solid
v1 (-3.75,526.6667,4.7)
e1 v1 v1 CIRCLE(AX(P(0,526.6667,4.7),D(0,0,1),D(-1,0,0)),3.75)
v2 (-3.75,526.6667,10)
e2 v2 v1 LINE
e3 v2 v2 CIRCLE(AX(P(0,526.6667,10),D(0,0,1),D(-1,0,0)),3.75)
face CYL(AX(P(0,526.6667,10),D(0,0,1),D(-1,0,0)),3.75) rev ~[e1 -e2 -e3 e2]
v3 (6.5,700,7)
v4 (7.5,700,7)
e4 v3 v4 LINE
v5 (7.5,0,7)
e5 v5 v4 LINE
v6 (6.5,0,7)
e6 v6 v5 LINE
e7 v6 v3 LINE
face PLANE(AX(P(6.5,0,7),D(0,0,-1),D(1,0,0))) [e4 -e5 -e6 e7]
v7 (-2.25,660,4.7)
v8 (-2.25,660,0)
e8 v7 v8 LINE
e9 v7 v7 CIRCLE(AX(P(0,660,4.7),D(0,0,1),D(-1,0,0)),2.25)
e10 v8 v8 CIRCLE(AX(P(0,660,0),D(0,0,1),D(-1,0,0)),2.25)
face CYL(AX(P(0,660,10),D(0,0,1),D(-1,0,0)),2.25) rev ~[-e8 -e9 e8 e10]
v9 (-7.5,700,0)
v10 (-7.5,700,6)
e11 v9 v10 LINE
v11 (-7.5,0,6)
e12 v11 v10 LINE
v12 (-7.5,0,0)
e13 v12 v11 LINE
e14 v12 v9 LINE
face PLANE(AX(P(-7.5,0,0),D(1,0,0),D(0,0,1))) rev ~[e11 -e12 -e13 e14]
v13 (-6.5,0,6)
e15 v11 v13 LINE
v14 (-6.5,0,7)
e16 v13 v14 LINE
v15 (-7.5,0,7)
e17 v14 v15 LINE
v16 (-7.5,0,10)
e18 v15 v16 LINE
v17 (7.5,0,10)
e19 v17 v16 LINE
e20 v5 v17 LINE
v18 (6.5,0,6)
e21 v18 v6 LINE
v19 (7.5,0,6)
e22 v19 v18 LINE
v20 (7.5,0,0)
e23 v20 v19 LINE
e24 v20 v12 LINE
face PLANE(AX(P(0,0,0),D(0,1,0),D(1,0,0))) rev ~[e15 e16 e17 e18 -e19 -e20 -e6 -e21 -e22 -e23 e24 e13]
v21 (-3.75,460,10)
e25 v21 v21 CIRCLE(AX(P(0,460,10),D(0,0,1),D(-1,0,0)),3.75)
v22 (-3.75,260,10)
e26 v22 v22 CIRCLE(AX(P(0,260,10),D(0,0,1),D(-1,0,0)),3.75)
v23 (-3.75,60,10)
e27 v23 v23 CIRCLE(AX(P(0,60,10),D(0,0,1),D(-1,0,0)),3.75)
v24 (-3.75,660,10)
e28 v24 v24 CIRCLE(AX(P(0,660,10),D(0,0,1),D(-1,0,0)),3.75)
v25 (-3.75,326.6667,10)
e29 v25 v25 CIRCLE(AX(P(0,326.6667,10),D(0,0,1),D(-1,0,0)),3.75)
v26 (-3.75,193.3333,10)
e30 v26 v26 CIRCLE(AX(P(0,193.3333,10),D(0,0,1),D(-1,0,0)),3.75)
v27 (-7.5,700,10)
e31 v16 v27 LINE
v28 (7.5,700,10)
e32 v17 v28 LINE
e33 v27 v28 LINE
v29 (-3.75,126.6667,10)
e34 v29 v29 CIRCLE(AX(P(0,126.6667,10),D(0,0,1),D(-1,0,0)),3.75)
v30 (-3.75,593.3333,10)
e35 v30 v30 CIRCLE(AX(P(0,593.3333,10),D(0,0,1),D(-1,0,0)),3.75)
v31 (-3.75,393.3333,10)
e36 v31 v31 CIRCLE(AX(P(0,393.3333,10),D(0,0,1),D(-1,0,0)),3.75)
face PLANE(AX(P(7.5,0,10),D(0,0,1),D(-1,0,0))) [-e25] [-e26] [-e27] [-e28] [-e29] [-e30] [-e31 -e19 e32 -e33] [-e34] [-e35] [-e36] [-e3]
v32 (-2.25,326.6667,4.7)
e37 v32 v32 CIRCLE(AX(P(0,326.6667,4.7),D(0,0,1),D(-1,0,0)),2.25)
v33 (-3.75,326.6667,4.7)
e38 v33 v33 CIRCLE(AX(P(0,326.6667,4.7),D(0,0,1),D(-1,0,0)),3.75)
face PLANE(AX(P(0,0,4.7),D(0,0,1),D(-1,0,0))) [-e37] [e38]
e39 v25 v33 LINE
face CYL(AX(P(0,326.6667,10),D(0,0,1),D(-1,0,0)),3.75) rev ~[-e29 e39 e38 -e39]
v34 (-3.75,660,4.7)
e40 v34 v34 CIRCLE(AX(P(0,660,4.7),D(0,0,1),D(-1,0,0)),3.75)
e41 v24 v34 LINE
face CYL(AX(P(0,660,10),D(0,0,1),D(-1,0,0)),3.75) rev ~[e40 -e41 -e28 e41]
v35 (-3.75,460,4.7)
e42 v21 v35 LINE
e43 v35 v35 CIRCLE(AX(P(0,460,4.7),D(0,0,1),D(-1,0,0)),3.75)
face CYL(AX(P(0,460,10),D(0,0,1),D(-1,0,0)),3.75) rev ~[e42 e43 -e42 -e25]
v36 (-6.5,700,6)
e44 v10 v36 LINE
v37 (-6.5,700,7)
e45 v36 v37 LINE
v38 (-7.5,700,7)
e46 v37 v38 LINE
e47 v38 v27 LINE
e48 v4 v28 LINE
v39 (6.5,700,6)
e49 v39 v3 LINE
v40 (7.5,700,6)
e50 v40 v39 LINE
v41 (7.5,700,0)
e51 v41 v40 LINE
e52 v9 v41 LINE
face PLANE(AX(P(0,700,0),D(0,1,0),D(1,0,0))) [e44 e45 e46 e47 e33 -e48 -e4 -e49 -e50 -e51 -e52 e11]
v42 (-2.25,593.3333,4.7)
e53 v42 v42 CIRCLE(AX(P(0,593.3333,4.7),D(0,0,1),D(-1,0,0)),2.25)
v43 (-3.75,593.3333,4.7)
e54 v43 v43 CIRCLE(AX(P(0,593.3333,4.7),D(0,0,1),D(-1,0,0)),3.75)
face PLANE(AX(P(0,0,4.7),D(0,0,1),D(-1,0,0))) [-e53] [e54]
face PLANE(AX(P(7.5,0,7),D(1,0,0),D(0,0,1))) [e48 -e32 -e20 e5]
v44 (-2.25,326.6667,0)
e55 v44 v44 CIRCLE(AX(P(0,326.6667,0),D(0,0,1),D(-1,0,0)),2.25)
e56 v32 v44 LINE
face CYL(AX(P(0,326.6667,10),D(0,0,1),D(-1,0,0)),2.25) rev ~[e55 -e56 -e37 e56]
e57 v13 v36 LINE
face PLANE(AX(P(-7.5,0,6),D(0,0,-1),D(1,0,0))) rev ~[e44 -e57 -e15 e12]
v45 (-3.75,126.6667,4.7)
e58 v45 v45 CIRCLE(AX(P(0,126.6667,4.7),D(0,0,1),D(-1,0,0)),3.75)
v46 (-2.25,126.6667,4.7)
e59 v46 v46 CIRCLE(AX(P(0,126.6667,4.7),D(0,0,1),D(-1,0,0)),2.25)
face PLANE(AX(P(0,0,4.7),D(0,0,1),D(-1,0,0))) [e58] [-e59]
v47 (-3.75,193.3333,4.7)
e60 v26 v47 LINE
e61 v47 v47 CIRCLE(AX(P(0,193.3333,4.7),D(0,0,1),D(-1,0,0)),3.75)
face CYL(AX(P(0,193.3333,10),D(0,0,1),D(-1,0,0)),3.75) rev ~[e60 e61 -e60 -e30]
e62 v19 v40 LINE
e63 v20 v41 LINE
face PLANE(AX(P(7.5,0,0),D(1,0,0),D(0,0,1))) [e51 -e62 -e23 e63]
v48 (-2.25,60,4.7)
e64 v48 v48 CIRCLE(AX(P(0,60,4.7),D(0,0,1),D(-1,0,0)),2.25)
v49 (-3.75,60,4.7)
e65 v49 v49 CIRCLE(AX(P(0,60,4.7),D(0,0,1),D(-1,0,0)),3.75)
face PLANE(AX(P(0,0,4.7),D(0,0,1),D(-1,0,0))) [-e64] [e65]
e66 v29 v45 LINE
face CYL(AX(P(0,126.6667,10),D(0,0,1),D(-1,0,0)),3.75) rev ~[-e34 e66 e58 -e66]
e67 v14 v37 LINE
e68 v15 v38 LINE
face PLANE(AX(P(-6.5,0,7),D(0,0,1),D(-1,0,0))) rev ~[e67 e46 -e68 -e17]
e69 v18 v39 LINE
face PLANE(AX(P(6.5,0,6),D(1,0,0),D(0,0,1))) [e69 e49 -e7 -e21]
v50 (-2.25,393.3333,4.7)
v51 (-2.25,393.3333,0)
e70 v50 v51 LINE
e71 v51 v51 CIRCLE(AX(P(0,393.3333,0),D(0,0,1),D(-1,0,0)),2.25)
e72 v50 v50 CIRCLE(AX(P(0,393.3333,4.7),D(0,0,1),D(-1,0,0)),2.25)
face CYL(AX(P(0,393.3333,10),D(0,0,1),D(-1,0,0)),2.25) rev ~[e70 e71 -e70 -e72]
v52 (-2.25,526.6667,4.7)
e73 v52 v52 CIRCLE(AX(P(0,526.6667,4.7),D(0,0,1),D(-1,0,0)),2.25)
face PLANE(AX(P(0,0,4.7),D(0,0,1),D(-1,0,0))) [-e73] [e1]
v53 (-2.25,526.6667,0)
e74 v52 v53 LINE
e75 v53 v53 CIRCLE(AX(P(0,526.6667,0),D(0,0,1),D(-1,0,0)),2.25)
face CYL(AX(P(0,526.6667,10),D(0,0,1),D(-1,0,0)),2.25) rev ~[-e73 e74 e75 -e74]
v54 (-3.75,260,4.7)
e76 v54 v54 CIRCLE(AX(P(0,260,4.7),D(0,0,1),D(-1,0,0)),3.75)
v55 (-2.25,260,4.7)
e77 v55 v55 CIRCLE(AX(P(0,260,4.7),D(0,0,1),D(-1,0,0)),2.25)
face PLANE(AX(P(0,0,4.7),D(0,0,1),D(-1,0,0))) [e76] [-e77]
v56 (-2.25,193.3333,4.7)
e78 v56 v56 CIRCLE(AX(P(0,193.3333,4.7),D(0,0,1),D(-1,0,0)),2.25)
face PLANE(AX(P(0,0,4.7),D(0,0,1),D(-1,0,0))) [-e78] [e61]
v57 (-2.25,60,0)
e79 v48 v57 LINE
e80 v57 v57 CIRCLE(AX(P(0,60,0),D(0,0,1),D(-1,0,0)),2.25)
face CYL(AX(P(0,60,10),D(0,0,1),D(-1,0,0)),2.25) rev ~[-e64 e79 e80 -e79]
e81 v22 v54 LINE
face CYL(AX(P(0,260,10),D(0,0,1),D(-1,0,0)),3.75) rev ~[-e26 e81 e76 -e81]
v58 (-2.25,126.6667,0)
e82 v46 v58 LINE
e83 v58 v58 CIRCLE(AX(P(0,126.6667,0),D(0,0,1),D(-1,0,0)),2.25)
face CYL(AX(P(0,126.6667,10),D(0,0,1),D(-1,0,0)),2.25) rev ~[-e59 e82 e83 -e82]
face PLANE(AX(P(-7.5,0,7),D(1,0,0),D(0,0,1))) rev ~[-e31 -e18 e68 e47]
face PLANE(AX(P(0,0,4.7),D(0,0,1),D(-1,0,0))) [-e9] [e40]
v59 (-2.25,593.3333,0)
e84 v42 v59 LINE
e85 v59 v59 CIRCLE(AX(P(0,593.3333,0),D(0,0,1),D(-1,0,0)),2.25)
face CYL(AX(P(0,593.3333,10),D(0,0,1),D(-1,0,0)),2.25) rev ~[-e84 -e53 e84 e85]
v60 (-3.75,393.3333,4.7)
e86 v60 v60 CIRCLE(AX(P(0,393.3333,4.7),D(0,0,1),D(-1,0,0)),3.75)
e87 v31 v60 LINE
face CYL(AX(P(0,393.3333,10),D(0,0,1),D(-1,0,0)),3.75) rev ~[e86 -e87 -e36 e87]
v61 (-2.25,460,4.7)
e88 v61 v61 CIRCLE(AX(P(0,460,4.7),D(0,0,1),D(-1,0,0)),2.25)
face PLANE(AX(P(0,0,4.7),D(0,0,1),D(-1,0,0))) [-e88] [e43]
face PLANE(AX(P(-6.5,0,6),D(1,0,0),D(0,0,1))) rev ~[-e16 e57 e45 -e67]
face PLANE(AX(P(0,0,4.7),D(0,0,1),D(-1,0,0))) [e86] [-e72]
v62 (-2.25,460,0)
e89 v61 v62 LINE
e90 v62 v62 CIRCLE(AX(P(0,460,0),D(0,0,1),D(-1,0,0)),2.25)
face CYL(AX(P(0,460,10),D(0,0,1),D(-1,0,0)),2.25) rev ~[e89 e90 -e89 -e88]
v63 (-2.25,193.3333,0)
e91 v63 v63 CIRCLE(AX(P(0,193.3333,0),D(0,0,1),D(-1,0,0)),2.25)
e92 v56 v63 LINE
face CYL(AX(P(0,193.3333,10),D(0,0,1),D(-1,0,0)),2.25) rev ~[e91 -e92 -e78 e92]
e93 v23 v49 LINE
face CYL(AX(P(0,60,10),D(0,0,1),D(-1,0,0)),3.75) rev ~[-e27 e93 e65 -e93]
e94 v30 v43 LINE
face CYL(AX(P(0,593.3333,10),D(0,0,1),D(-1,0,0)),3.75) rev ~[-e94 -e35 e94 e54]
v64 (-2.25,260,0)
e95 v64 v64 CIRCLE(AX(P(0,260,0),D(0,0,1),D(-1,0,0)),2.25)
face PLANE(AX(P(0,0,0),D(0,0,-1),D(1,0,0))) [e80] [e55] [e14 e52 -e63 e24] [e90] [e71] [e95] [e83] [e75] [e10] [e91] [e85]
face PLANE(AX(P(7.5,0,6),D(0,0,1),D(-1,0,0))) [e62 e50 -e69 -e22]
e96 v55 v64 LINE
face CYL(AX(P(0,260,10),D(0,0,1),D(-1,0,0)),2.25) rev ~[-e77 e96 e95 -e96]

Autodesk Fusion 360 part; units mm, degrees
sketch "Sketch1" plane through (0, 0, 0) normal (0, 1, 0) x (1, 0, 0)
  line L0 (0, 0) -> (7.5, 0)
  line L1 (7.5, 0) -> (7.5, -6)
  line L2 (7.5, -6) -> (6.5, -6)
  line L3 (6.5, -6) -> (6.5, -7)
  line L4 (6.5, -7) -> (7.5, -7)
  line L5 (7.5, -7) -> (7.5, -10)
  line L6 (7.5, -10) -> (0, -10)
  line L7 (-7.5, -7) -> (-7.5, -10)
  line L8 (0, 0) -> (-7.5, 0)
  line L9 (-7.5, -6) -> (-6.5, -6)
  line L10 (-7.5, -10) -> (0, -10)
  line L11 (-7.5, 0) -> (-7.5, -6)
  line L12 (-6.5, -6) -> (-6.5, -7)
  line L13 (-6.5, -7) -> (-7.5, -7)
  dimension "d1" = 7.5
  dimension "d2" = 1
  dimension "d3" = 1
  dimension "d4" = 1
  dimension "d5" = 6
  dimension "d6" = 3
  dimension "d7" = 7.5
extrude "Extrude1" add sketch "Sketch1" along normal blind 700
sketch "Sketch2" plane through (0, 0, 10) normal (0, 0, 1) x (-1, 0, 0)
  line L0 (7.5, 0) -> (-7.5, 0)
  line L1 (-7.5, 0) -> (-7.5, -700)
  line L2 (-7.5, -700) -> (7.5, -700)
  line L3 (7.5, -700) -> (7.5, 0)
  circle A0 centre (0, -60) radius 2.25
  circle A1 centre (0, -126.6667) radius 2.25
  circle A2 centre (0, -193.3333) radius 2.25
  circle A3 centre (0, -260) radius 2.25
  circle A4 centre (0, -326.6667) radius 2.25
  circle A5 centre (0, -393.3333) radius 2.25
  circle A6 centre (0, -460) radius 2.25
  circle A7 centre (0, -526.6667) radius 2.25
  circle A8 centre (0, -593.3333) radius 2.25
  circle A9 centre (0, -660) radius 2.25
  dimension "d10" = 60
  dimension "d12" = 4.5
extrude "Extrude2" cut sketch "Sketch2" against normal up to surface (10 mm away) contours A0 | A1 | A2 | A3 | A4 | A5 | A6 | A7 | A8 | A9
sketch "Sketch3" plane through (0, 0, 10) normal (0, 0, 1) x (-1, 0, 0)
  circle A0 centre (0, -526.6667) radius 2.25
  circle A1 centre (0, -260) radius 2.25
  circle A2 centre (0, -60) radius 2.25
  circle A3 centre (0, -326.6667) radius 2.25
  circle A4 centre (0, -593.3333) radius 2.25
  circle A5 centre (0, -460) radius 2.25
  circle A6 centre (0, -193.3333) radius 2.25
  circle A7 centre (0, -126.6667) radius 2.25
  circle A8 centre (0, -393.3333) radius 2.25
  circle A9 centre (0, -660) radius 2.25
  line L0 (7.5, 0) -> (-7.5, 0)
  line L1 (-7.5, 0) -> (-7.5, -700)
  line L2 (-7.5, -700) -> (7.5, -700)
  line L3 (7.5, -700) -> (7.5, 0)
  circle A10 centre (0, -60) radius 3.75
  circle A11 centre (0, -126.6667) radius 3.75
  circle A12 centre (0, -193.3333) radius 3.75
  circle A13 centre (0, -260) radius 3.75
  circle A14 centre (0, -326.6667) radius 3.75
  circle A15 centre (0, -393.3333) radius 3.75
  circle A16 centre (0, -460) radius 3.75
  circle A17 centre (0, -526.6667) radius 3.75
  circle A18 centre (0, -593.3333) radius 3.75
  circle A19 centre (0, -660) radius 3.75
  dimension "d19" = 7.5
  dimension "d22" = 0
  dimension "d23" = -600
extrude "Extrude3" cut sketch "Sketch3" against normal blind 5.3 contours A10 | A11 | A12 | A13 | A14 | A15 | A16 | A17 | A18 | A19
